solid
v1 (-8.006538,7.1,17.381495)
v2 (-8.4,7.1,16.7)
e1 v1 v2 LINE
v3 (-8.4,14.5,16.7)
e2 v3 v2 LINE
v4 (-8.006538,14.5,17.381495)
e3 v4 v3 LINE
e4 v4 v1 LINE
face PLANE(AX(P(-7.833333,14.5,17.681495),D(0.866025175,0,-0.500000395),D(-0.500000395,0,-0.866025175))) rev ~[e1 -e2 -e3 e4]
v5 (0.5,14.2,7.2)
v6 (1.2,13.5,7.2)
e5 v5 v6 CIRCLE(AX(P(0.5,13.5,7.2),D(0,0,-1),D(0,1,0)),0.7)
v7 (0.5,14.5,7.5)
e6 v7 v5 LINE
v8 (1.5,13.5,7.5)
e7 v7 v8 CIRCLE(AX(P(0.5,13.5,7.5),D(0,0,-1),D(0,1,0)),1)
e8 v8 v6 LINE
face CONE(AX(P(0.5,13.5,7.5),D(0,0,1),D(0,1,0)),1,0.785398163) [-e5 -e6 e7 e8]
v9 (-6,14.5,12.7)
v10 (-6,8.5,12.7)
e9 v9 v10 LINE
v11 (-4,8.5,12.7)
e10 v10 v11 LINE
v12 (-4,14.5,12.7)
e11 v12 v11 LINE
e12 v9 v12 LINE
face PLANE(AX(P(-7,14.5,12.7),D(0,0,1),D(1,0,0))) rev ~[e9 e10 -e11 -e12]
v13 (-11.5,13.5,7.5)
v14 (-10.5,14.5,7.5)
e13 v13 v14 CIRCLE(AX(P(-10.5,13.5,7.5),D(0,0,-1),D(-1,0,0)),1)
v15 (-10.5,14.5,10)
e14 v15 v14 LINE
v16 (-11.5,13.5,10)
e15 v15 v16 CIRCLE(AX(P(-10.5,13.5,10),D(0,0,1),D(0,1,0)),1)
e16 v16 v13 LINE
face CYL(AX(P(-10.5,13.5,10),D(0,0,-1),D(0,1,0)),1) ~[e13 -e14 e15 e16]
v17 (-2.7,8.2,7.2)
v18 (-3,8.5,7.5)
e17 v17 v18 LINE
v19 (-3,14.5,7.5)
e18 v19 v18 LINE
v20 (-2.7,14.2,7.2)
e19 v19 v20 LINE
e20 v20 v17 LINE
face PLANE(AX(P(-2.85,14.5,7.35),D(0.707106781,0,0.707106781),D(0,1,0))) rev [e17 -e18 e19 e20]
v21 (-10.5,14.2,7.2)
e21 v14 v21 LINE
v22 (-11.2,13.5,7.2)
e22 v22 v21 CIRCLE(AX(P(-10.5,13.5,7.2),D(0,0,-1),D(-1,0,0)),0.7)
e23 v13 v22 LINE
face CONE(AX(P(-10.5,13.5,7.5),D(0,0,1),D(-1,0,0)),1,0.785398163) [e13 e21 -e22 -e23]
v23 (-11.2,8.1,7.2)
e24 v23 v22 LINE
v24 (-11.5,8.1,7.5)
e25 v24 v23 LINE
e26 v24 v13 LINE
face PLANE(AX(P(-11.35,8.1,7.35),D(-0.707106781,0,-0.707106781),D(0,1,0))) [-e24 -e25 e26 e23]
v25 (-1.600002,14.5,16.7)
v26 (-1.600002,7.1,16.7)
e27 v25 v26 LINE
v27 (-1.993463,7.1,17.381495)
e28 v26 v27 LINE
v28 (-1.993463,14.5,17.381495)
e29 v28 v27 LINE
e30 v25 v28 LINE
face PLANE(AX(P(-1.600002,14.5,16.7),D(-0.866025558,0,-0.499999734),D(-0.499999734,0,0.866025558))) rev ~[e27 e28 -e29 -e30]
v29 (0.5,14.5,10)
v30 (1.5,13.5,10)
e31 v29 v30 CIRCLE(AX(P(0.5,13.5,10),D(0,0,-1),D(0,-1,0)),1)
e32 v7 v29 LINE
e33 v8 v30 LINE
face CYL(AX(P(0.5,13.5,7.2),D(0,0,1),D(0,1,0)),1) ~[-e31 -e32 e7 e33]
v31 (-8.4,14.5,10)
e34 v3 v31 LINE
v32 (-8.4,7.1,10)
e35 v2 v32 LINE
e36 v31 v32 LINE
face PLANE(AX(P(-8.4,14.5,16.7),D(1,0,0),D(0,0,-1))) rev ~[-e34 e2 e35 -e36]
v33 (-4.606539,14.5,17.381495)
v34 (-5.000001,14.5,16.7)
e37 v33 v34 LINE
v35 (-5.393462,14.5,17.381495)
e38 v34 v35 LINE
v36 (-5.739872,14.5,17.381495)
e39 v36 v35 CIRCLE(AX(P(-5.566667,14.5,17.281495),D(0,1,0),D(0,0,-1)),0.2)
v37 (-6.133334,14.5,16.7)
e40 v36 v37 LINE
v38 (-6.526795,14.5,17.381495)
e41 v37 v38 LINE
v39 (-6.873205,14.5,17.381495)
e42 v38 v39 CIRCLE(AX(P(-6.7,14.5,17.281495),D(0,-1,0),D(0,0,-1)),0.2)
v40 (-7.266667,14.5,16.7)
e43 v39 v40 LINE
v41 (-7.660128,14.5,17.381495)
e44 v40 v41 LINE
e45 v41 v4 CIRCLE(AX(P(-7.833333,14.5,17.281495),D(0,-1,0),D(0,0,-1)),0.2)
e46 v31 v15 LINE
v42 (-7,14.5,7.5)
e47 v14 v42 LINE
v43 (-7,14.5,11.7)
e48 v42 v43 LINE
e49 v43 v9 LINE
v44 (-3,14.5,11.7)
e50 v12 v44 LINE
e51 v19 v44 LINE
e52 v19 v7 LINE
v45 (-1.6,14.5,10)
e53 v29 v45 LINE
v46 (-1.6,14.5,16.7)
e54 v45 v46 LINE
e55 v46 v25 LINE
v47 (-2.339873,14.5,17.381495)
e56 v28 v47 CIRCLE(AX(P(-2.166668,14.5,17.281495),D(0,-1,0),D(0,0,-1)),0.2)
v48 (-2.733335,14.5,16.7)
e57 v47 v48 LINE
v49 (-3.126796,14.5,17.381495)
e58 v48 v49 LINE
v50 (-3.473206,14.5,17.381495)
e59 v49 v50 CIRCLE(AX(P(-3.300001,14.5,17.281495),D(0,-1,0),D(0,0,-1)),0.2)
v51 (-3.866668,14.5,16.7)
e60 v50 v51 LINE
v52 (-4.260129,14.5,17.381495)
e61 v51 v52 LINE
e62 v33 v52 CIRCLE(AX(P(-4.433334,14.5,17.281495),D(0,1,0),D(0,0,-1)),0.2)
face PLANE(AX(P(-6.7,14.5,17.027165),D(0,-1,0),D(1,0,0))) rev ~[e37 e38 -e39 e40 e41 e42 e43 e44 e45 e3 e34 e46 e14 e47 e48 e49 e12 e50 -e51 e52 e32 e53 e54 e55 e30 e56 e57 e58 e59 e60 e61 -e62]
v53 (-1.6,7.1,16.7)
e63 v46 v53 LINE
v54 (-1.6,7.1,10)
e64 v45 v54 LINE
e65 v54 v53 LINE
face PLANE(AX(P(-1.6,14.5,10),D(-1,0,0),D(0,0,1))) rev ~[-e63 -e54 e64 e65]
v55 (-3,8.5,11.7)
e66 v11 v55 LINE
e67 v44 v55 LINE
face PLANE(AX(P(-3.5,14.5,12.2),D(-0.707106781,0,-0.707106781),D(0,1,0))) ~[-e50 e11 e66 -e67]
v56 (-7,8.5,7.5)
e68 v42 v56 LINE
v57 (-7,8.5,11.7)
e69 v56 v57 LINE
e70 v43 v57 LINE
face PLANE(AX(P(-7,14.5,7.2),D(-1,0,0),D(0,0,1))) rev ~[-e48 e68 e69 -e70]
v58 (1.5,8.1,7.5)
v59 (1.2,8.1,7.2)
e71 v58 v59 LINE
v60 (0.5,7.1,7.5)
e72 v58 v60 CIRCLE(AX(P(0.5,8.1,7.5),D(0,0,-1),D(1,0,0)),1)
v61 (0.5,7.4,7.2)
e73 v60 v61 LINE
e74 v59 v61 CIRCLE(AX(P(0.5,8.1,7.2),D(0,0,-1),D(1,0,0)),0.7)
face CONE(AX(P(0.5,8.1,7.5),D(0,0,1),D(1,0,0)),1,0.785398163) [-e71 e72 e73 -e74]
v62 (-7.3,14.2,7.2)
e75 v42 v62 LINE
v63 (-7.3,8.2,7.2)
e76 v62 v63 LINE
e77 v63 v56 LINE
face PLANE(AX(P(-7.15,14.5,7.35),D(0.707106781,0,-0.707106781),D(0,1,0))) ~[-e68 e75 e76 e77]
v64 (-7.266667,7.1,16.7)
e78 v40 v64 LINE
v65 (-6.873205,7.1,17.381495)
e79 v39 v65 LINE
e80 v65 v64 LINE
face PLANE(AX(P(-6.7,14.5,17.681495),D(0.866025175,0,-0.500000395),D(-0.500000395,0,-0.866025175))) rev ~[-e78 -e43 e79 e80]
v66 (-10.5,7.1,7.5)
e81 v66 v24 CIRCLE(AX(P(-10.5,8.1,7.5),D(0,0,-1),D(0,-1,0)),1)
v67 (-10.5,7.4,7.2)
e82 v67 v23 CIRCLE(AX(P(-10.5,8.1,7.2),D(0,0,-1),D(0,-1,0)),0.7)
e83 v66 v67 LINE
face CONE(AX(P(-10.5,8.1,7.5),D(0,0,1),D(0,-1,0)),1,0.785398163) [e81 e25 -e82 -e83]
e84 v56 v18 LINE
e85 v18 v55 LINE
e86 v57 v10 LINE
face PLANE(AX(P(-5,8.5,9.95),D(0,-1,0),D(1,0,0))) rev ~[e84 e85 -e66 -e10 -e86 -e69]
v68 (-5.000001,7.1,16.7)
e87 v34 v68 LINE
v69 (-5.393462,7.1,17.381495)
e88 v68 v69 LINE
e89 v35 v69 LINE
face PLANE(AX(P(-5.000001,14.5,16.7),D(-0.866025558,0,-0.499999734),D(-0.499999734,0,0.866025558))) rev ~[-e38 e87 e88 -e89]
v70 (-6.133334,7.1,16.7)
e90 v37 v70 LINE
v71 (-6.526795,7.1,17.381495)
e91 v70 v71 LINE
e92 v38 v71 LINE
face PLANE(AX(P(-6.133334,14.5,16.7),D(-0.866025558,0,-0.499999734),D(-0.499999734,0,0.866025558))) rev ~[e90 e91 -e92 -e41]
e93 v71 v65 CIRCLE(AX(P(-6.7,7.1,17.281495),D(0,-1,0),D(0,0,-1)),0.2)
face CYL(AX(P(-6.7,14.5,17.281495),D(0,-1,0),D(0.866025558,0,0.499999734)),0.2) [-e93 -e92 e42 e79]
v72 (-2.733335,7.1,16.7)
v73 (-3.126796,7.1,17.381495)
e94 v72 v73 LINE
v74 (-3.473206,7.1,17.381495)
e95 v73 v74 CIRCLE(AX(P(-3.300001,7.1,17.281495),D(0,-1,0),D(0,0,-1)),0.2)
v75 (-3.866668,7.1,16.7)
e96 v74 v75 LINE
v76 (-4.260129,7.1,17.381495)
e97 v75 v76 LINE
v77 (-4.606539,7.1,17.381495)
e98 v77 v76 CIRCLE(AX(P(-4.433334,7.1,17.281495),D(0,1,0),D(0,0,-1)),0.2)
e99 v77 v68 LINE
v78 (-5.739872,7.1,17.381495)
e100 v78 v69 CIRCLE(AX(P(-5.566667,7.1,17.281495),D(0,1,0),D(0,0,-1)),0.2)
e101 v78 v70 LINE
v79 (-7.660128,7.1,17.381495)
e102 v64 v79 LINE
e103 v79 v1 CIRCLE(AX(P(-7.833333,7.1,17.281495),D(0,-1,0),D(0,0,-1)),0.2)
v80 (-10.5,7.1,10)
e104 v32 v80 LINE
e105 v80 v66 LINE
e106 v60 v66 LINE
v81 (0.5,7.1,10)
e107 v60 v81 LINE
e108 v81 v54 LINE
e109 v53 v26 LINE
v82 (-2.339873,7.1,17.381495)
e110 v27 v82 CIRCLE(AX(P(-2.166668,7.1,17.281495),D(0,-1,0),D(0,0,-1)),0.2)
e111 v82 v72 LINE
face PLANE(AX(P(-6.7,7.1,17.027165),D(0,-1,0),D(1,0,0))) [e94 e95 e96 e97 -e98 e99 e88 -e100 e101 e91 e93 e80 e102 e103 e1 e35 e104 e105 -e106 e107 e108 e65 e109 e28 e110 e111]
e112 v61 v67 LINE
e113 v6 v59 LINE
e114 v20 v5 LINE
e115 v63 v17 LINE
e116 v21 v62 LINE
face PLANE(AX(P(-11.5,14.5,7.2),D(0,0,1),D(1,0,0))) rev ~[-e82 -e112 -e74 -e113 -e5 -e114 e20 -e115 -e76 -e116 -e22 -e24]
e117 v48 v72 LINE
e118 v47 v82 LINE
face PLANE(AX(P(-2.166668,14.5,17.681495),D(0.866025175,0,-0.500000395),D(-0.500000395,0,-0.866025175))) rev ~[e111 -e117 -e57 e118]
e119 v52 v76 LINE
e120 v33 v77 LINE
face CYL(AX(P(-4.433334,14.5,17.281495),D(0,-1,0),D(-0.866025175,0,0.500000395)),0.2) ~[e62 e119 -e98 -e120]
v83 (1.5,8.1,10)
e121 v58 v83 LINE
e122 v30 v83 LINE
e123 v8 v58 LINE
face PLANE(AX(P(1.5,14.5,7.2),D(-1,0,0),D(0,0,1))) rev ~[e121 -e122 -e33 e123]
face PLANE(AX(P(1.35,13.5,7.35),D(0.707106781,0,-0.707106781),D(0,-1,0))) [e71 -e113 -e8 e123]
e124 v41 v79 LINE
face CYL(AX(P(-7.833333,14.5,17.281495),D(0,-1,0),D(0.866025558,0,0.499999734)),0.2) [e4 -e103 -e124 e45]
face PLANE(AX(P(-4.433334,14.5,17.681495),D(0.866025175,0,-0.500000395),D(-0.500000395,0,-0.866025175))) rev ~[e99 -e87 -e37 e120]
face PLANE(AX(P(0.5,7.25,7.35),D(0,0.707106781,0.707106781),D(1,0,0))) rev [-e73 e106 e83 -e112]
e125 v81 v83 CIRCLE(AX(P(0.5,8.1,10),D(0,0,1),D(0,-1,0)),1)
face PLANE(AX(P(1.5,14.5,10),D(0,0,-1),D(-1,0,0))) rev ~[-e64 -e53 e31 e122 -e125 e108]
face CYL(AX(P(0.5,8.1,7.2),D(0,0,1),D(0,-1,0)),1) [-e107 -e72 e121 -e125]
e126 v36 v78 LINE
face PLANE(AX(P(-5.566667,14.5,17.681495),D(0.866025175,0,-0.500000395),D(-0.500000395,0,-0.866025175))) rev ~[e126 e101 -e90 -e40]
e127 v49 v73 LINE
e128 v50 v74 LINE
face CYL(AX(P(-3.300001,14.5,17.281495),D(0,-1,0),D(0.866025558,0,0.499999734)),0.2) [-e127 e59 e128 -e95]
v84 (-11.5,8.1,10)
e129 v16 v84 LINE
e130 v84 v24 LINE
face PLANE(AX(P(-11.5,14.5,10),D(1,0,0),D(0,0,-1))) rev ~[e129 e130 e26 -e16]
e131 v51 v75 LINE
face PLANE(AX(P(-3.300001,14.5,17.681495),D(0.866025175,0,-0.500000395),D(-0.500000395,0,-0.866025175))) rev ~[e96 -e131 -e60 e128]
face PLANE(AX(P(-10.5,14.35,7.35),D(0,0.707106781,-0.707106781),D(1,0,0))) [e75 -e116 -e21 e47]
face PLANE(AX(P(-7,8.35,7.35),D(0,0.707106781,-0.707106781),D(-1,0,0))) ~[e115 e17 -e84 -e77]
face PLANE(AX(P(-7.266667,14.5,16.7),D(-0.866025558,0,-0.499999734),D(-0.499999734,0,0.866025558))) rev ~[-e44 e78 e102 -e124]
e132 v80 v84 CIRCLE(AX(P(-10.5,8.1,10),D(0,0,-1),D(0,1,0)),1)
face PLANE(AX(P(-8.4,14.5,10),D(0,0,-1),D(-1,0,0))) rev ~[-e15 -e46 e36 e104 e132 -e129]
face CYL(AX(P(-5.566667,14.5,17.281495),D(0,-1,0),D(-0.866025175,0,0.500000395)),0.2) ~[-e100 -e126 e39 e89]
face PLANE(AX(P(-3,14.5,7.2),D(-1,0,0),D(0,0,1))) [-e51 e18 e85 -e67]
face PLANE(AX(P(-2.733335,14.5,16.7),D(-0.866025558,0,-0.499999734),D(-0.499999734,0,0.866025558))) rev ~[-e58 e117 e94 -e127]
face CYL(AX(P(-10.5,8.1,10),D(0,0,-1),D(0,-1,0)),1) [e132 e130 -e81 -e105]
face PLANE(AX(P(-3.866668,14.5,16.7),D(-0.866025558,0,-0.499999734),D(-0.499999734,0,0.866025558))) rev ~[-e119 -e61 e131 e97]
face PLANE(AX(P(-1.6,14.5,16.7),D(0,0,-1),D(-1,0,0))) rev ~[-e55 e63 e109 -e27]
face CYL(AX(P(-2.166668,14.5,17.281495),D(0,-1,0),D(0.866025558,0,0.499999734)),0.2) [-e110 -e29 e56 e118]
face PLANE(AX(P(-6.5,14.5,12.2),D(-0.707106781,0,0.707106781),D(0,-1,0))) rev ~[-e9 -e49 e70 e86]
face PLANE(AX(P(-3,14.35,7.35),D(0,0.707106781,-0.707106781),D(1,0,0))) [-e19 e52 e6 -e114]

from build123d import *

# Parameters (mm, degrees)
PAD_DEPTH           = 7.4
SKETCH095_W         = 4
SKETCH095_H         = 5.5
POCKET045_DEPTH     = 6
PAD048_DEPTH        = 7.4
LINEARPATTERN_COUNT = 6
LINEARPATTERN_PITCH = 1.133333
FILLET_R            = 0.2
FILLET034_R         = 1
CHAMFER028_SIZE     = 0.3
CHAMFER029_SIZE     = 1


with BuildPart() as part:
    # Sketch → Pad (new body)
    with BuildSketch(Plane.XZ):
        Polygon((-6.5, 0), (6.5, 0), (6.5, 2.8), (3.4, 2.8), (3.4, 9.5), (-3.4, 9.5), (-3.4, 2.8), (-6.5, 2.8), align=None)
    extrude(amount=PAD_DEPTH)

    # Sketch095 → Pocket045 (cut)
    with BuildSketch(Plane.XZ):
        with Locations((0, 2.75)):
            Rectangle(SKETCH095_W, SKETCH095_H)
    extrude(amount=POCKET045_DEPTH, mode=Mode.SUBTRACT)

    # Sketch096 → Pad048 (join)
    with BuildSketch(Plane.XZ):
        Polygon((-3.4, 9.5), (-2.266667, 9.5), (-2.833333, 10.481495), align=None)
    pad048 = extrude(amount=PAD048_DEPTH)

    # LinearPattern: Pad048 ×6
    with Locations(*[(i * LINEARPATTERN_PITCH, 0, 0) for i in range(1, LINEARPATTERN_COUNT)]):
        add(pad048)

    # Fillet
    fillet_edges = [part.edges().sort_by_distance(p)[0] for p in [
        (-2.833333, -3.7, 10.481495),
        (-1.7, -3.7, 10.481495),
        (-0.566667, -3.7, 10.481495),
        (0.566667, -3.7, 10.481495),
        (1.7, -3.7, 10.481495),
        (2.833334, -3.7, 10.481495),
    ]]
    fillet(fillet_edges, radius=FILLET_R)

    # Fillet034
    fillet034_edges = [part.edges().sort_by_distance(p)[0] for p in [
        (-6.5, 0, 1.4),
        (-6.5, -7.4, 1.4),
        (6.5, -7.4, 1.4),
        (6.5, 0, 1.4),
    ]]
    fillet(fillet034_edges, radius=FILLET034_R)

    # Chamfer028
    chamfer028_edges = [part.edges().sort_by_distance(p)[0] for p in [
        (-3.75, 0, 0),
        (-6.207107, -0.292893, 0),
        (-2, -3, 0),
        (-6.5, -3.7, 0),
        (0, -6, 0),
        (-6.207107, -7.107107, 0),
        (2, -3, 0),
        (0, -7.4, 0),
        (3.75, 0, 0),
        (6.207107, -7.107107, 0),
        (6.207107, -0.292893, 0),
        (6.5, -3.7, 0),
    ]]
    chamfer(chamfer028_edges, length=CHAMFER028_SIZE)

    # Chamfer029
    chamfer029_edges = [part.edges().sort_by_distance(p)[0] for p in [
        (2, -3, 5.5),
        (-2, -3, 5.5),
    ]]
    chamfer(chamfer029_edges, length=CHAMFER029_SIZE)


with BuildPart() as part_1:
    # Body placement: moved
    add(part.part.moved(Location((-5, 14.5, 7.2))))


solid = part_1.part
